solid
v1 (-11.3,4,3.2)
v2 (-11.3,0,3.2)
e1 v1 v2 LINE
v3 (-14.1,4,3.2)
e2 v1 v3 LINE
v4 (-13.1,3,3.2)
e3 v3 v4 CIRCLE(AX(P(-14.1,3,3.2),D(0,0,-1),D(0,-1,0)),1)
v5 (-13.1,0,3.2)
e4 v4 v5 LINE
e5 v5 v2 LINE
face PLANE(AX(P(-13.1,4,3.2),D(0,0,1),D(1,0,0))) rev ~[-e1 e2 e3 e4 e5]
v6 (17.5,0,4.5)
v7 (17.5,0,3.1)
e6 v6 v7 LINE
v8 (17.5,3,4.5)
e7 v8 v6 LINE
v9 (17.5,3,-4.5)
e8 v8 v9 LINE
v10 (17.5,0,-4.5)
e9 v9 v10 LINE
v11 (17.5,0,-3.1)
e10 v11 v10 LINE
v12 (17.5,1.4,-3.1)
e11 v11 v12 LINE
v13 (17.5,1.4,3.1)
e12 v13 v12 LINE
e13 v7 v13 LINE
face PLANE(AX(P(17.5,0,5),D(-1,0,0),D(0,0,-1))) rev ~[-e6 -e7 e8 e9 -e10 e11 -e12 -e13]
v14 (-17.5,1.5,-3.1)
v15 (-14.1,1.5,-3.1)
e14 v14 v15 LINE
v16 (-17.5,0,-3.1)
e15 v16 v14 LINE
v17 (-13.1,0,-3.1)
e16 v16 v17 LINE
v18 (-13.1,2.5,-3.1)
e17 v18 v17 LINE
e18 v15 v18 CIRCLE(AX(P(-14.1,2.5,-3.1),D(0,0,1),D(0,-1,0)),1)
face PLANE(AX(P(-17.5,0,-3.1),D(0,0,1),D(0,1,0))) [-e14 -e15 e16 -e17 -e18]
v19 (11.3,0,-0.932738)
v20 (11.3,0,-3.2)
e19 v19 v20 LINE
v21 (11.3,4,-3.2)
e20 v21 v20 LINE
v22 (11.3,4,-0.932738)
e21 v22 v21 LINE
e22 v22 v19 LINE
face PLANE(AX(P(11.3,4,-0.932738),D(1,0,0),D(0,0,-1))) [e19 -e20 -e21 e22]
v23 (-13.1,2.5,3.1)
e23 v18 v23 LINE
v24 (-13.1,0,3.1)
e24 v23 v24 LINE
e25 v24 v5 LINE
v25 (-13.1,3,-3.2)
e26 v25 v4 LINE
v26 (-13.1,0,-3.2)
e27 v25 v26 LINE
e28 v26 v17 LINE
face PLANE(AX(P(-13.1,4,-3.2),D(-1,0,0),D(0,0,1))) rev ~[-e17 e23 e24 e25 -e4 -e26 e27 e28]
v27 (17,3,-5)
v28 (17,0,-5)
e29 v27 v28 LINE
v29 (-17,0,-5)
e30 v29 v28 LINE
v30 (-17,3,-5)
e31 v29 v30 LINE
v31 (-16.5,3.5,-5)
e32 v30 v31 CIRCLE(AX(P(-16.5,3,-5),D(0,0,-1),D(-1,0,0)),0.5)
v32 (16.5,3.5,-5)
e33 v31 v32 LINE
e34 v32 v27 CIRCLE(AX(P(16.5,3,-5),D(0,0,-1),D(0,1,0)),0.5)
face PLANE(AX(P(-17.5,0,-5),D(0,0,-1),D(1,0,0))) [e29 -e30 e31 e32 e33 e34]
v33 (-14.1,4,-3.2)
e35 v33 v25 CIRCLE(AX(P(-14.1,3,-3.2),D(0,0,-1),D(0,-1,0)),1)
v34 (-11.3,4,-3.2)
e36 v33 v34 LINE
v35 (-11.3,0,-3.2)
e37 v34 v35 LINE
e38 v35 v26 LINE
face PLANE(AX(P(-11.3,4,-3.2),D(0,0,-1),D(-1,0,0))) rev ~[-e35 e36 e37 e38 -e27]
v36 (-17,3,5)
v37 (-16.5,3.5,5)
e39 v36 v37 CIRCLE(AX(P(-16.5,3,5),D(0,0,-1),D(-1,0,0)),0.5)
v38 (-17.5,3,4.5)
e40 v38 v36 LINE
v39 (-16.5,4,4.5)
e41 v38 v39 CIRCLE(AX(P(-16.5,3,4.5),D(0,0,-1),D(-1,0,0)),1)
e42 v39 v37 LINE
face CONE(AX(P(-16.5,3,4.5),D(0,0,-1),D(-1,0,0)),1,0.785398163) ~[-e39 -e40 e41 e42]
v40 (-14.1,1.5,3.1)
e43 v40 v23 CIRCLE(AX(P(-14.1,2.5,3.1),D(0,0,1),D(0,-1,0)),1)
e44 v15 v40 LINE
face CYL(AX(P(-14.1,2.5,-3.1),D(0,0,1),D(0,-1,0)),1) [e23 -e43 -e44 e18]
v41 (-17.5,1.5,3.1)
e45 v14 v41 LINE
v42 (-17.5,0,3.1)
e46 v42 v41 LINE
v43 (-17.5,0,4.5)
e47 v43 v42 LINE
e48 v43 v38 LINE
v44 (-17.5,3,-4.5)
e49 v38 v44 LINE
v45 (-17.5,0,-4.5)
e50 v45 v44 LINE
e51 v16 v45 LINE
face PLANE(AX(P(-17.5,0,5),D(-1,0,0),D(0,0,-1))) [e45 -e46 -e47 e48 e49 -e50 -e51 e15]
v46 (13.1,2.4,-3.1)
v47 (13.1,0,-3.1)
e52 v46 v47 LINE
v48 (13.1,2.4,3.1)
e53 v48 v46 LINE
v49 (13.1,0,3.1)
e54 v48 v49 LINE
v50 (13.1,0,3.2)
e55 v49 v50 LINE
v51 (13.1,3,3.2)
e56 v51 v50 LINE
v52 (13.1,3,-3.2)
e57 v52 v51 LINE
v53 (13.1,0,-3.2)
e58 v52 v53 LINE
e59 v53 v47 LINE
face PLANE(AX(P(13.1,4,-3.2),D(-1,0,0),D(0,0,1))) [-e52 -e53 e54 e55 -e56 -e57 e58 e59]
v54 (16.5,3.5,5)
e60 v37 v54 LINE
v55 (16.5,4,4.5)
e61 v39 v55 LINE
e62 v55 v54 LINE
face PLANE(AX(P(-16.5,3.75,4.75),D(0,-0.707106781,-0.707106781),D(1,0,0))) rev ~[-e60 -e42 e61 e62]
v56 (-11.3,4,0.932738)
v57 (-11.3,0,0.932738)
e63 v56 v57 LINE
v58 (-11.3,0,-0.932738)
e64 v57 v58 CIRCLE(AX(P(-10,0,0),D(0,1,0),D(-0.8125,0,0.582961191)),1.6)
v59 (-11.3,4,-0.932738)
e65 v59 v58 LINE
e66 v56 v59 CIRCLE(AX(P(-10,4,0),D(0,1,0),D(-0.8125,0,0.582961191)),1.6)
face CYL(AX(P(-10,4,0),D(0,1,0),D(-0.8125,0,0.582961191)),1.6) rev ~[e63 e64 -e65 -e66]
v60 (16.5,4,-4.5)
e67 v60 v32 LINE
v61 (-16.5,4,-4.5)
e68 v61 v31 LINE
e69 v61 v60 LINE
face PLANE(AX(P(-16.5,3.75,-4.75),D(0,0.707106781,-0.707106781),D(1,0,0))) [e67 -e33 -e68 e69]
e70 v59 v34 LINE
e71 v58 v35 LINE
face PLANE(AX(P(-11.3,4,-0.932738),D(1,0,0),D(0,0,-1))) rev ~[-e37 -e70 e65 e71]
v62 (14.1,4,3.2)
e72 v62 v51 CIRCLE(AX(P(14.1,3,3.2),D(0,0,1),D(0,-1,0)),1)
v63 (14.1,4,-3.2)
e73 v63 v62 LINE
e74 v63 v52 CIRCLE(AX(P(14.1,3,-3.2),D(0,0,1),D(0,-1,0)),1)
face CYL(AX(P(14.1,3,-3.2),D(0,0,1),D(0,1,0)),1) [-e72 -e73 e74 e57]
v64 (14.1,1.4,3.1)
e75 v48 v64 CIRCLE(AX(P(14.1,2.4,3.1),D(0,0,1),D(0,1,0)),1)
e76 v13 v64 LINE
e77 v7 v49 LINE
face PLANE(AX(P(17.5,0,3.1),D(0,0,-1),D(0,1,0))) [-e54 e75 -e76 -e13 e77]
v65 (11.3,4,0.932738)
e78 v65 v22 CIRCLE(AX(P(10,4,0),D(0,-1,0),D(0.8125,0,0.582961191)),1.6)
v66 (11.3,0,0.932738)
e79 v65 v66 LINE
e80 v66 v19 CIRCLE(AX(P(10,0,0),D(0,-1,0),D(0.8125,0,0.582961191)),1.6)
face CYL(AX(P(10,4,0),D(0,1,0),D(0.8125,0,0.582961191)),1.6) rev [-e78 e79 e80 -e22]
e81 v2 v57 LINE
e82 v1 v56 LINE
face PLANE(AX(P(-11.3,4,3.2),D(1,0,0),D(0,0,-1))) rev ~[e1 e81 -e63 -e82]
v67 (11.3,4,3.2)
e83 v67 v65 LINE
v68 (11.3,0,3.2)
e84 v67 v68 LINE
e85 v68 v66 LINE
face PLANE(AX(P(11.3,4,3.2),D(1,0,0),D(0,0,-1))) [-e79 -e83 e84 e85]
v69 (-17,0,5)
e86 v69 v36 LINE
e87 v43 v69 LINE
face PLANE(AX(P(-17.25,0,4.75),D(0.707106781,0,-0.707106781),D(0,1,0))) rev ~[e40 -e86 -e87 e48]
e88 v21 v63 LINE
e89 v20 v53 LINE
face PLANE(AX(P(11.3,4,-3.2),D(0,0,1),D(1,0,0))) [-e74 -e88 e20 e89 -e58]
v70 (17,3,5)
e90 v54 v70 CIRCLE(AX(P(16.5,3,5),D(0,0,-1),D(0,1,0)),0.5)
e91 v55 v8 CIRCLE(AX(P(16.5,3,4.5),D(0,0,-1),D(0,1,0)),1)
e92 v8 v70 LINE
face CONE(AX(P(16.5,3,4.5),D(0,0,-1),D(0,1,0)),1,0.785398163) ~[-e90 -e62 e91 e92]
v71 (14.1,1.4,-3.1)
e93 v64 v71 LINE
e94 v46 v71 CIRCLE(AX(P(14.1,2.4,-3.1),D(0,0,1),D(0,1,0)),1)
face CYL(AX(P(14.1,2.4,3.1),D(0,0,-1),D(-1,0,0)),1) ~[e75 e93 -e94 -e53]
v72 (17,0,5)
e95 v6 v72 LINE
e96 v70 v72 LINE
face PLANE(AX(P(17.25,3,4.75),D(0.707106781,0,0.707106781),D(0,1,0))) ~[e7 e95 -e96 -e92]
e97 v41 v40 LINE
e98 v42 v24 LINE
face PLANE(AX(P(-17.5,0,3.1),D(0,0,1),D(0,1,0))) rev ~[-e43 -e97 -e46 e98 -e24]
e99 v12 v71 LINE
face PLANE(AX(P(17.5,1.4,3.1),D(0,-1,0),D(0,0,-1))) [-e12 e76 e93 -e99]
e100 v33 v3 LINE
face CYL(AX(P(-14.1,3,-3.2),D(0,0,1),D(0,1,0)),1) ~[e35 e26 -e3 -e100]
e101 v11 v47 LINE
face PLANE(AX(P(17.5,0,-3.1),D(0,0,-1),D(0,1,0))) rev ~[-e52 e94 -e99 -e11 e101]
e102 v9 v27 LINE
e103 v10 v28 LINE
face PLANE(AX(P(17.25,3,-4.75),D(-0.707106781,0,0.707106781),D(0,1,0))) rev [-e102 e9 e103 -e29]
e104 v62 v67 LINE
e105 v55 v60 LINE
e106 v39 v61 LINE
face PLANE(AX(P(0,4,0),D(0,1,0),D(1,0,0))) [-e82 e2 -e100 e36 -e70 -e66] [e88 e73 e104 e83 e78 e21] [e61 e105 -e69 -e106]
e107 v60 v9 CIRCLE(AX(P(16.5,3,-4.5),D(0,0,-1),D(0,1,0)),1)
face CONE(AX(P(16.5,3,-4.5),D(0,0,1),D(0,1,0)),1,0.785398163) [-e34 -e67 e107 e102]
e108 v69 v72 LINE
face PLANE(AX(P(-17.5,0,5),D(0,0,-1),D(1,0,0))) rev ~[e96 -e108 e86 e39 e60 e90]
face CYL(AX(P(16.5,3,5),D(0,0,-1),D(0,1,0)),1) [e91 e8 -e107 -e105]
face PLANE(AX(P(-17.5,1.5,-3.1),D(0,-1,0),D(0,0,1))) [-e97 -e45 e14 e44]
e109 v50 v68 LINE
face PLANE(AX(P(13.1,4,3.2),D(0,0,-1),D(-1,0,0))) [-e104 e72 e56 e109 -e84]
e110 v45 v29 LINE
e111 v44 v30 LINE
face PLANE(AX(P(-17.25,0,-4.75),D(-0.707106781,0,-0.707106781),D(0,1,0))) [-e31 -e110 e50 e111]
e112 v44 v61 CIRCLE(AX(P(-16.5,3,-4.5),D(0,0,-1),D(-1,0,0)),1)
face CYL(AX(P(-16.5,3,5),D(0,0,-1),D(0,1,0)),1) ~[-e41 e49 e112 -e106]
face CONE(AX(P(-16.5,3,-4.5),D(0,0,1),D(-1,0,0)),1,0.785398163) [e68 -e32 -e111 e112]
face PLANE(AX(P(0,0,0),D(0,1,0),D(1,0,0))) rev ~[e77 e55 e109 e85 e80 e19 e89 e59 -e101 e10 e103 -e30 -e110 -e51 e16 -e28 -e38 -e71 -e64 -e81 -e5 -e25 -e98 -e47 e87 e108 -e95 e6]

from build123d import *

# Parameters (mm, degrees)
SKETCH2_W           = 35
SKETCH2_H           = 10
BOSS_EXTRUDE1_DEPTH = 4
CUT_EXTRUDE1_DEPTH  = 4
SKETCH4_W           = 6.2
SKETCH4_H           = 1.5
CUT_EXTRUDE2_DEPTH  = 4.4
SKETCH5_W           = 6.2
SKETCH5_H           = 1.4
CUT_EXTRUDE3_DEPTH  = 4.4
FILLET1_R           = 1
FILLET2_R           = 1
CHAMFER1_SIZE       = 0.5


with BuildPart() as part:
    # Sketch2 → Boss-Extrude1 (new body)
    with BuildSketch(Plane(origin=(0, 0, 0), x_dir=(1, 0, 0), z_dir=(0, 1, 0))):
        Rectangle(SKETCH2_W, SKETCH2_H)
    extrude(amount=BOSS_EXTRUDE1_DEPTH)

    # Sketch3 → Cut-Extrude1 (cut)
    with BuildSketch(Plane(origin=(0, 4, 0), x_dir=(1, 0, 0), z_dir=(0, 1, 0))):
        with BuildLine():
            Line((-11.3, 0.932737905), (-11.3, 3.2))
            Line((-11.3, 3.2), (-13.1, 3.2))
            Line((-13.1, 3.2), (-13.1, -3.2))
            Line((-13.1, -3.2), (-11.3, -3.2))
            Line((-11.3, -3.2), (-11.3, -0.932737905))
            ThreePointArc((-11.3, -0.932737905), (-8.4, 0), (-11.3, 0.932737905))
        make_face()
        with BuildLine():
            Line((11.3, -3.2), (11.3, -0.932737905))
            ThreePointArc((11.3, -0.932737905), (8.4, 0), (11.3, 0.932737905))
            Line((11.3, 0.932737905), (11.3, 3.2))
            Line((11.3, 3.2), (13.1, 3.2))
            Line((13.1, 3.2), (13.1, -3.2))
            Line((13.1, -3.2), (11.3, -3.2))
        make_face()
    extrude(amount=-CUT_EXTRUDE1_DEPTH, mode=Mode.SUBTRACT)

    # Sketch4 → Cut-Extrude2 (cut)
    with BuildSketch(Plane.ZY.offset(17.5)):
        with Locations((0, 0.75)):
            Rectangle(SKETCH4_W, SKETCH4_H)
    extrude(amount=-CUT_EXTRUDE2_DEPTH, mode=Mode.SUBTRACT)

    # Sketch5 → Cut-Extrude3 (cut)
    with BuildSketch(Plane(origin=(17.5, 0, 0), x_dir=(0, 0, -1), z_dir=(1, 0, 0))):
        with Locations((0, 0.7)):
            Rectangle(SKETCH5_W, SKETCH5_H)
    extrude(amount=-CUT_EXTRUDE3_DEPTH, mode=Mode.SUBTRACT)

    # Fillet1
    fillet1_edges = [part.edges().sort_by_distance(p)[0] for p in [
        (-13.1, 4, 0),
        (13.1, 4, 0),
        (-13.1, 1.5, 0),
        (13.1, 1.4, 0),
    ]]
    fillet(fillet1_edges, radius=FILLET1_R)

    # Fillet2
    fillet2_edges = [part.edges().sort_by_distance(p)[0] for p in [
        (-17.5, 4, 0),
        (17.5, 4, 0),
    ]]
    fillet(fillet2_edges, radius=FILLET2_R)

    # Chamfer1
    chamfer1_edges = [part.edges().sort_by_distance(p)[0] for p in [
        (0, 4, -5),
        (0, 4, 5),
        (17.5, 1.5, 5),
        (-17.5, 1.5, 5),
        (17.207106781, 3.707106781, 5),
        (-17.207106781, 3.707106781, 5),
        (-17.5, 1.5, -5),
        (17.5, 1.5, -5),
        (17.207106781, 3.707106781, -5),
        (-17.207106781, 3.707106781, -5),
    ]]
    chamfer(chamfer1_edges, length=CHAMFER1_SIZE)


solid = part.part
